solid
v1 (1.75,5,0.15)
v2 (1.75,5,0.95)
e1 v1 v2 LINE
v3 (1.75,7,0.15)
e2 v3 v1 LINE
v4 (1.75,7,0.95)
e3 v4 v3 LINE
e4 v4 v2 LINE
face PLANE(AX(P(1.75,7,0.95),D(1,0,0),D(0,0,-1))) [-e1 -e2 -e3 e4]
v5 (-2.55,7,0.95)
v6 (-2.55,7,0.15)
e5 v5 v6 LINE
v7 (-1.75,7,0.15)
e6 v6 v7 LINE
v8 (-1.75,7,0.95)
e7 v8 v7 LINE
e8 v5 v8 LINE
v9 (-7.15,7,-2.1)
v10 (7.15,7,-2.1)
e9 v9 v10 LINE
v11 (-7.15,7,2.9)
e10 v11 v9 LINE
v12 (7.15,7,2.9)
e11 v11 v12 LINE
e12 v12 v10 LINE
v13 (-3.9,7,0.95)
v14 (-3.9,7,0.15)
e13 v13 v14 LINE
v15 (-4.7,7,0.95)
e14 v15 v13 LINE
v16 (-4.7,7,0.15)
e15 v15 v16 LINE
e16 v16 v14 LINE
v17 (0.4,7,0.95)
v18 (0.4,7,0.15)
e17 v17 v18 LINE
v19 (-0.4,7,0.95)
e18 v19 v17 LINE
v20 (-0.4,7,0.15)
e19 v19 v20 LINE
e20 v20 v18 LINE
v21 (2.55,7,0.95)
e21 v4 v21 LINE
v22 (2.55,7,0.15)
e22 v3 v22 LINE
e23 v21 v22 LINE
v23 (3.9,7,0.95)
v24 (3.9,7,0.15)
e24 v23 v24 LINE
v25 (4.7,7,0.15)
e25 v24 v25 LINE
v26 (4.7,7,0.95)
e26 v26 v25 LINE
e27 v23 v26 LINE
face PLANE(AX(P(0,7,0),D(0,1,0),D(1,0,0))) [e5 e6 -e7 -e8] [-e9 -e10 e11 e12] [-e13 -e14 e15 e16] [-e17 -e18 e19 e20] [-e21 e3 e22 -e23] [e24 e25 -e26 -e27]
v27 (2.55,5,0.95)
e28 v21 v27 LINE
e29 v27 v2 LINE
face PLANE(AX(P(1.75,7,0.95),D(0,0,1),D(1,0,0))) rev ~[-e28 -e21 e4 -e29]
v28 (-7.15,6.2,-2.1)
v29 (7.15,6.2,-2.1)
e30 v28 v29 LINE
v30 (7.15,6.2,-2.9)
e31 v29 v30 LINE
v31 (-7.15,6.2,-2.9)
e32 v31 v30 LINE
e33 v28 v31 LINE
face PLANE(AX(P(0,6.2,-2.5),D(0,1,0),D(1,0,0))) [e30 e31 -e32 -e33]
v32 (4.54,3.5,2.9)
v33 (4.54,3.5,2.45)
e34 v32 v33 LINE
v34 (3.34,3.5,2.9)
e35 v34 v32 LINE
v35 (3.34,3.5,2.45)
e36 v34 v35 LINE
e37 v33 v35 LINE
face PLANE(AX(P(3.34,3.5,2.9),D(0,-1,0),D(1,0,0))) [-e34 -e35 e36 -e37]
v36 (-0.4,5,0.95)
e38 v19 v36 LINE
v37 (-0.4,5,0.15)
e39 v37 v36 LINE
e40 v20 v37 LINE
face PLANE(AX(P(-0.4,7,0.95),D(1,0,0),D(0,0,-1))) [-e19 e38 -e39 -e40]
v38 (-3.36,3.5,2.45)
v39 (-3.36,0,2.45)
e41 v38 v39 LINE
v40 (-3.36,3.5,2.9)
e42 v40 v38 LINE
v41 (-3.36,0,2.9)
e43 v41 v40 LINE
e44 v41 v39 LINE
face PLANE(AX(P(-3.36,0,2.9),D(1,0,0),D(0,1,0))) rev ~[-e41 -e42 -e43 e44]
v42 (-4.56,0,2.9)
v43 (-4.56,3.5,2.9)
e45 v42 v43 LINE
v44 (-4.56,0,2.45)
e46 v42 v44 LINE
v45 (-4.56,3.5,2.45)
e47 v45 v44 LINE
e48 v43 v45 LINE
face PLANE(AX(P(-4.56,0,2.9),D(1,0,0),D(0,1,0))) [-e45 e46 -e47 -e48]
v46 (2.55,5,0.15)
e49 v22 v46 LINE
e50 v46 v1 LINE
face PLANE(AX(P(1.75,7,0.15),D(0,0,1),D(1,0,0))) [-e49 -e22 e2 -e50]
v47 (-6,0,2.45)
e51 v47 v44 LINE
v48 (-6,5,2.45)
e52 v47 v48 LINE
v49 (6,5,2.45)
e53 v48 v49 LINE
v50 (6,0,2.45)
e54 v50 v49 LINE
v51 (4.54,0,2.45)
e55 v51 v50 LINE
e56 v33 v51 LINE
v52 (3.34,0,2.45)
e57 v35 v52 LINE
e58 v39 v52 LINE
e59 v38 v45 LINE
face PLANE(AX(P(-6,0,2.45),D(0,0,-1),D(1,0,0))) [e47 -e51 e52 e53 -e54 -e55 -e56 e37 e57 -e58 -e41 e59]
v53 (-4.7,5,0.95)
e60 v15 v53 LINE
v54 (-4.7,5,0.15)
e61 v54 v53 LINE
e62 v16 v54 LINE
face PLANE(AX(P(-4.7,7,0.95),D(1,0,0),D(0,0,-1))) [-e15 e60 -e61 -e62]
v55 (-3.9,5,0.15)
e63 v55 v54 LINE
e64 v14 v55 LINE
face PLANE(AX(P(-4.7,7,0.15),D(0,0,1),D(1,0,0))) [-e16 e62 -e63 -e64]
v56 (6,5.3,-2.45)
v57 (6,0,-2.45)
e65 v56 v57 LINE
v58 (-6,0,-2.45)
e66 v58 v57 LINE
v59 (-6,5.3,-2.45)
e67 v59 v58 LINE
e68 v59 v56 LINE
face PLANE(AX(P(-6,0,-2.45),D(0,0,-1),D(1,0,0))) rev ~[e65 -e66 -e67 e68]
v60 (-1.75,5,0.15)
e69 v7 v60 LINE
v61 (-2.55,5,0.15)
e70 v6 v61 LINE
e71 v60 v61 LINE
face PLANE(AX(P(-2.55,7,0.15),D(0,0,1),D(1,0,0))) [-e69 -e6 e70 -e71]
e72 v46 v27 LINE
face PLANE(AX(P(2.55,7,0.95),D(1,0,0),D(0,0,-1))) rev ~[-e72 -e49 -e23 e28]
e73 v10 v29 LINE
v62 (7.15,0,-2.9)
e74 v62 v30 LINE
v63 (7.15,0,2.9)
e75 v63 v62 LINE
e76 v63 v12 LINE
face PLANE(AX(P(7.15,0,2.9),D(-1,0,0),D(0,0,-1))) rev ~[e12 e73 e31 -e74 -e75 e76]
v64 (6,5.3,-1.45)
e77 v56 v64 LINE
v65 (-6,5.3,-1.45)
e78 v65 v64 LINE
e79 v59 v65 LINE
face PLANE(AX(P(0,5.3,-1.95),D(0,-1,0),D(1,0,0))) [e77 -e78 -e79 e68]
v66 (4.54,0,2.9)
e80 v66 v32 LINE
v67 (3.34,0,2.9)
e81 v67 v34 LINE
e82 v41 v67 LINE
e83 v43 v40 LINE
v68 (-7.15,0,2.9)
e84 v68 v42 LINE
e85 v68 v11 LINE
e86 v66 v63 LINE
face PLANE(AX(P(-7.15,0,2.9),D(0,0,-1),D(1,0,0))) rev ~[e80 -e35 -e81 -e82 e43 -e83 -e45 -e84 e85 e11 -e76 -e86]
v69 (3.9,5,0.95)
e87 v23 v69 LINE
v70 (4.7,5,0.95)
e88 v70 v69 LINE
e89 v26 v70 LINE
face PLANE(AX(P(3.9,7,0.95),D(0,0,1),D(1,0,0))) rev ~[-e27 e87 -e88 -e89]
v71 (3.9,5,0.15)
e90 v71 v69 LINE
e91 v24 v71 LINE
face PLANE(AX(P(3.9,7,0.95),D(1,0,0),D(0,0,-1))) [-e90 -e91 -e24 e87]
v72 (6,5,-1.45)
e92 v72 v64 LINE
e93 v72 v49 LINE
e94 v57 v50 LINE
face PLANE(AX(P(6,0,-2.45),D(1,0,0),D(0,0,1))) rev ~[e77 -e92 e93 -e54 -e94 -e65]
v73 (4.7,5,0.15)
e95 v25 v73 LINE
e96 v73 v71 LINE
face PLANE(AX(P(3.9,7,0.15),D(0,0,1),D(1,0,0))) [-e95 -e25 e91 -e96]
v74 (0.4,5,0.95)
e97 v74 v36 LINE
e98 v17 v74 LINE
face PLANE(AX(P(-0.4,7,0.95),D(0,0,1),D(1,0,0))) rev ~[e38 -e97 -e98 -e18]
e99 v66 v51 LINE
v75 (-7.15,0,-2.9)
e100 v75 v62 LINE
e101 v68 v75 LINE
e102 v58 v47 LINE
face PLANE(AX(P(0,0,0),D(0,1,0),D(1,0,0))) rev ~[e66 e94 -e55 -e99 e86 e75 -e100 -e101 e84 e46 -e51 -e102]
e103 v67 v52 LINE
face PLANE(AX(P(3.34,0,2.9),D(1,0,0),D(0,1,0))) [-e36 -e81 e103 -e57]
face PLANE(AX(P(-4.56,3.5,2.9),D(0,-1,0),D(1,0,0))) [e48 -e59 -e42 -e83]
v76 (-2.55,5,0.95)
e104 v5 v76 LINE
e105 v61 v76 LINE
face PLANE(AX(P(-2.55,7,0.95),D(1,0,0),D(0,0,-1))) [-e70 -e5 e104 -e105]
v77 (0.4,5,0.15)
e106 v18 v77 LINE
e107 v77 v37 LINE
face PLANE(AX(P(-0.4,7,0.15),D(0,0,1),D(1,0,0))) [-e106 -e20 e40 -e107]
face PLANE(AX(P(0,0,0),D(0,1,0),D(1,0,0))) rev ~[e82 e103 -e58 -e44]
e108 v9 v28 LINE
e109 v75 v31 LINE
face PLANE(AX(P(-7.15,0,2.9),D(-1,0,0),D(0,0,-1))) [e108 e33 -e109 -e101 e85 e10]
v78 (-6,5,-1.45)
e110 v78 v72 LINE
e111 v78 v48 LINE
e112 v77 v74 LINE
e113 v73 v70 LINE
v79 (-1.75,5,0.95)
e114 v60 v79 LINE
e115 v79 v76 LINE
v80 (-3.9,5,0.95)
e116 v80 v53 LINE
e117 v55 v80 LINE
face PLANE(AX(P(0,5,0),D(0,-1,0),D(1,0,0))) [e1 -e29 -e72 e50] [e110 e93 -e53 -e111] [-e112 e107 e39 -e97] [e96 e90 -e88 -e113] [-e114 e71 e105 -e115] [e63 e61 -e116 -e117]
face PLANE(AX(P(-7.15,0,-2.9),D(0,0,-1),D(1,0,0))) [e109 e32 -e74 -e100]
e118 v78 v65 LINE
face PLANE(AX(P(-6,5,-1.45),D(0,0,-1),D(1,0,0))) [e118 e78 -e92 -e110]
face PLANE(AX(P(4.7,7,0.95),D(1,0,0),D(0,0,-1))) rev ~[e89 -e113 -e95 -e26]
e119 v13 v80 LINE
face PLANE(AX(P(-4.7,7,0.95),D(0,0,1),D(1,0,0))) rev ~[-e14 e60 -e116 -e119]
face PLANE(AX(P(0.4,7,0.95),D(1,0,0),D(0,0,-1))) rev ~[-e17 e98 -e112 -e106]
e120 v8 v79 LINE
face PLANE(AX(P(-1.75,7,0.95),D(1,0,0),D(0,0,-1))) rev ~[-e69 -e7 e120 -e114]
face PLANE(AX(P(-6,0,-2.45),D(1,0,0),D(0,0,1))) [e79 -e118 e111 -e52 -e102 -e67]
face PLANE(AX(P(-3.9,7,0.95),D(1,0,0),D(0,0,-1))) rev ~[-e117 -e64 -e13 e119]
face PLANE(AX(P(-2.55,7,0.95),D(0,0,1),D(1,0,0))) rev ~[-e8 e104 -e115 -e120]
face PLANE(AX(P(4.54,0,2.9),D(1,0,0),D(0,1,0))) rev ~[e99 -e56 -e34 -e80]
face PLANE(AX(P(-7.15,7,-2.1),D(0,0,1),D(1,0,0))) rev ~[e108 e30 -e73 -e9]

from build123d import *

# Parameters (mm, degrees)
SKETCH1_W           = 14.3
SKETCH1_H           = 5.8
BOSS_EXTRUDE1_DEPTH = 7
SKETCH3_W           = 12
SKETCH3_H           = 4.9
CUT_EXTRUDE1_DEPTH  = 5
SKETCH4_W           = 1.2
SKETCH4_H           = 3.5
CUT_EXTRUDE2_DEPTH  = 4
SKETCH5_W           = 14.3
SKETCH5_H           = 0.8
CUT_EXTRUDE3_DEPTH  = 0.8
SKETCH6_W           = 0.8
SKETCH6_H           = 0.8
CUT_EXTRUDE4_DEPTH  = 10
SKETCH7_W           = 12
SKETCH7_H           = 1
CUT_EXTRUDE5_DEPTH  = 0.3


with BuildPart() as part:
    # Sketch1 → Boss-Extrude1 (new body)
    with BuildSketch(Plane(origin=(0, 0, 0), x_dir=(1, 0, 0), z_dir=(0, 1, 0))):
        Rectangle(SKETCH1_W, SKETCH1_H)
    extrude(amount=BOSS_EXTRUDE1_DEPTH)

    # Sketch3 → Cut-Extrude1 (cut)
    with BuildSketch(Plane.XZ):
        Rectangle(SKETCH3_W, SKETCH3_H)
    extrude(amount=-CUT_EXTRUDE1_DEPTH, mode=Mode.SUBTRACT)

    # Sketch4 → Cut-Extrude2 (cut)
    with BuildSketch(Plane.XY.offset(2.9)):
        with Locations((-3.96, 1.75)):
            Rectangle(SKETCH4_W, SKETCH4_H)
        with Locations((3.94, 1.75)):
            Rectangle(SKETCH4_W, SKETCH4_H)
    extrude(amount=-CUT_EXTRUDE2_DEPTH, mode=Mode.SUBTRACT)

    # Sketch5 → Cut-Extrude3 (cut)
    with BuildSketch(Plane(origin=(0, 7, 0), x_dir=(1, 0, 0), z_dir=(0, 1, 0))):
        with Locations((0, 2.5)):
            Rectangle(SKETCH5_W, SKETCH5_H)
    extrude(amount=-CUT_EXTRUDE3_DEPTH, mode=Mode.SUBTRACT)

    # Sketch6 → Cut-Extrude4 (cut)
    with BuildSketch(Plane(origin=(0, 7, 0), x_dir=(1, 0, 0), z_dir=(0, 1, 0))):
        with Locations((4.3, -0.55)):
            Rectangle(SKETCH6_W, SKETCH6_H)
        with Locations((2.15, -0.55)):
            Rectangle(SKETCH6_W, SKETCH6_H)
        with Locations((0, -0.55)):
            Rectangle(SKETCH6_W, SKETCH6_H)
        with Locations((-2.15, -0.55)):
            Rectangle(SKETCH6_W, SKETCH6_H)
        with Locations((-4.3, -0.55)):
            Rectangle(SKETCH6_W, SKETCH6_H)
    extrude(amount=-CUT_EXTRUDE4_DEPTH, mode=Mode.SUBTRACT)

    # Sketch7 → Cut-Extrude5 (cut)
    with BuildSketch(Plane.XZ.offset(-5)):
        with Locations((0, -1.95)):
            Rectangle(SKETCH7_W, SKETCH7_H)
    extrude(amount=-CUT_EXTRUDE5_DEPTH, mode=Mode.SUBTRACT)


solid = part.part
